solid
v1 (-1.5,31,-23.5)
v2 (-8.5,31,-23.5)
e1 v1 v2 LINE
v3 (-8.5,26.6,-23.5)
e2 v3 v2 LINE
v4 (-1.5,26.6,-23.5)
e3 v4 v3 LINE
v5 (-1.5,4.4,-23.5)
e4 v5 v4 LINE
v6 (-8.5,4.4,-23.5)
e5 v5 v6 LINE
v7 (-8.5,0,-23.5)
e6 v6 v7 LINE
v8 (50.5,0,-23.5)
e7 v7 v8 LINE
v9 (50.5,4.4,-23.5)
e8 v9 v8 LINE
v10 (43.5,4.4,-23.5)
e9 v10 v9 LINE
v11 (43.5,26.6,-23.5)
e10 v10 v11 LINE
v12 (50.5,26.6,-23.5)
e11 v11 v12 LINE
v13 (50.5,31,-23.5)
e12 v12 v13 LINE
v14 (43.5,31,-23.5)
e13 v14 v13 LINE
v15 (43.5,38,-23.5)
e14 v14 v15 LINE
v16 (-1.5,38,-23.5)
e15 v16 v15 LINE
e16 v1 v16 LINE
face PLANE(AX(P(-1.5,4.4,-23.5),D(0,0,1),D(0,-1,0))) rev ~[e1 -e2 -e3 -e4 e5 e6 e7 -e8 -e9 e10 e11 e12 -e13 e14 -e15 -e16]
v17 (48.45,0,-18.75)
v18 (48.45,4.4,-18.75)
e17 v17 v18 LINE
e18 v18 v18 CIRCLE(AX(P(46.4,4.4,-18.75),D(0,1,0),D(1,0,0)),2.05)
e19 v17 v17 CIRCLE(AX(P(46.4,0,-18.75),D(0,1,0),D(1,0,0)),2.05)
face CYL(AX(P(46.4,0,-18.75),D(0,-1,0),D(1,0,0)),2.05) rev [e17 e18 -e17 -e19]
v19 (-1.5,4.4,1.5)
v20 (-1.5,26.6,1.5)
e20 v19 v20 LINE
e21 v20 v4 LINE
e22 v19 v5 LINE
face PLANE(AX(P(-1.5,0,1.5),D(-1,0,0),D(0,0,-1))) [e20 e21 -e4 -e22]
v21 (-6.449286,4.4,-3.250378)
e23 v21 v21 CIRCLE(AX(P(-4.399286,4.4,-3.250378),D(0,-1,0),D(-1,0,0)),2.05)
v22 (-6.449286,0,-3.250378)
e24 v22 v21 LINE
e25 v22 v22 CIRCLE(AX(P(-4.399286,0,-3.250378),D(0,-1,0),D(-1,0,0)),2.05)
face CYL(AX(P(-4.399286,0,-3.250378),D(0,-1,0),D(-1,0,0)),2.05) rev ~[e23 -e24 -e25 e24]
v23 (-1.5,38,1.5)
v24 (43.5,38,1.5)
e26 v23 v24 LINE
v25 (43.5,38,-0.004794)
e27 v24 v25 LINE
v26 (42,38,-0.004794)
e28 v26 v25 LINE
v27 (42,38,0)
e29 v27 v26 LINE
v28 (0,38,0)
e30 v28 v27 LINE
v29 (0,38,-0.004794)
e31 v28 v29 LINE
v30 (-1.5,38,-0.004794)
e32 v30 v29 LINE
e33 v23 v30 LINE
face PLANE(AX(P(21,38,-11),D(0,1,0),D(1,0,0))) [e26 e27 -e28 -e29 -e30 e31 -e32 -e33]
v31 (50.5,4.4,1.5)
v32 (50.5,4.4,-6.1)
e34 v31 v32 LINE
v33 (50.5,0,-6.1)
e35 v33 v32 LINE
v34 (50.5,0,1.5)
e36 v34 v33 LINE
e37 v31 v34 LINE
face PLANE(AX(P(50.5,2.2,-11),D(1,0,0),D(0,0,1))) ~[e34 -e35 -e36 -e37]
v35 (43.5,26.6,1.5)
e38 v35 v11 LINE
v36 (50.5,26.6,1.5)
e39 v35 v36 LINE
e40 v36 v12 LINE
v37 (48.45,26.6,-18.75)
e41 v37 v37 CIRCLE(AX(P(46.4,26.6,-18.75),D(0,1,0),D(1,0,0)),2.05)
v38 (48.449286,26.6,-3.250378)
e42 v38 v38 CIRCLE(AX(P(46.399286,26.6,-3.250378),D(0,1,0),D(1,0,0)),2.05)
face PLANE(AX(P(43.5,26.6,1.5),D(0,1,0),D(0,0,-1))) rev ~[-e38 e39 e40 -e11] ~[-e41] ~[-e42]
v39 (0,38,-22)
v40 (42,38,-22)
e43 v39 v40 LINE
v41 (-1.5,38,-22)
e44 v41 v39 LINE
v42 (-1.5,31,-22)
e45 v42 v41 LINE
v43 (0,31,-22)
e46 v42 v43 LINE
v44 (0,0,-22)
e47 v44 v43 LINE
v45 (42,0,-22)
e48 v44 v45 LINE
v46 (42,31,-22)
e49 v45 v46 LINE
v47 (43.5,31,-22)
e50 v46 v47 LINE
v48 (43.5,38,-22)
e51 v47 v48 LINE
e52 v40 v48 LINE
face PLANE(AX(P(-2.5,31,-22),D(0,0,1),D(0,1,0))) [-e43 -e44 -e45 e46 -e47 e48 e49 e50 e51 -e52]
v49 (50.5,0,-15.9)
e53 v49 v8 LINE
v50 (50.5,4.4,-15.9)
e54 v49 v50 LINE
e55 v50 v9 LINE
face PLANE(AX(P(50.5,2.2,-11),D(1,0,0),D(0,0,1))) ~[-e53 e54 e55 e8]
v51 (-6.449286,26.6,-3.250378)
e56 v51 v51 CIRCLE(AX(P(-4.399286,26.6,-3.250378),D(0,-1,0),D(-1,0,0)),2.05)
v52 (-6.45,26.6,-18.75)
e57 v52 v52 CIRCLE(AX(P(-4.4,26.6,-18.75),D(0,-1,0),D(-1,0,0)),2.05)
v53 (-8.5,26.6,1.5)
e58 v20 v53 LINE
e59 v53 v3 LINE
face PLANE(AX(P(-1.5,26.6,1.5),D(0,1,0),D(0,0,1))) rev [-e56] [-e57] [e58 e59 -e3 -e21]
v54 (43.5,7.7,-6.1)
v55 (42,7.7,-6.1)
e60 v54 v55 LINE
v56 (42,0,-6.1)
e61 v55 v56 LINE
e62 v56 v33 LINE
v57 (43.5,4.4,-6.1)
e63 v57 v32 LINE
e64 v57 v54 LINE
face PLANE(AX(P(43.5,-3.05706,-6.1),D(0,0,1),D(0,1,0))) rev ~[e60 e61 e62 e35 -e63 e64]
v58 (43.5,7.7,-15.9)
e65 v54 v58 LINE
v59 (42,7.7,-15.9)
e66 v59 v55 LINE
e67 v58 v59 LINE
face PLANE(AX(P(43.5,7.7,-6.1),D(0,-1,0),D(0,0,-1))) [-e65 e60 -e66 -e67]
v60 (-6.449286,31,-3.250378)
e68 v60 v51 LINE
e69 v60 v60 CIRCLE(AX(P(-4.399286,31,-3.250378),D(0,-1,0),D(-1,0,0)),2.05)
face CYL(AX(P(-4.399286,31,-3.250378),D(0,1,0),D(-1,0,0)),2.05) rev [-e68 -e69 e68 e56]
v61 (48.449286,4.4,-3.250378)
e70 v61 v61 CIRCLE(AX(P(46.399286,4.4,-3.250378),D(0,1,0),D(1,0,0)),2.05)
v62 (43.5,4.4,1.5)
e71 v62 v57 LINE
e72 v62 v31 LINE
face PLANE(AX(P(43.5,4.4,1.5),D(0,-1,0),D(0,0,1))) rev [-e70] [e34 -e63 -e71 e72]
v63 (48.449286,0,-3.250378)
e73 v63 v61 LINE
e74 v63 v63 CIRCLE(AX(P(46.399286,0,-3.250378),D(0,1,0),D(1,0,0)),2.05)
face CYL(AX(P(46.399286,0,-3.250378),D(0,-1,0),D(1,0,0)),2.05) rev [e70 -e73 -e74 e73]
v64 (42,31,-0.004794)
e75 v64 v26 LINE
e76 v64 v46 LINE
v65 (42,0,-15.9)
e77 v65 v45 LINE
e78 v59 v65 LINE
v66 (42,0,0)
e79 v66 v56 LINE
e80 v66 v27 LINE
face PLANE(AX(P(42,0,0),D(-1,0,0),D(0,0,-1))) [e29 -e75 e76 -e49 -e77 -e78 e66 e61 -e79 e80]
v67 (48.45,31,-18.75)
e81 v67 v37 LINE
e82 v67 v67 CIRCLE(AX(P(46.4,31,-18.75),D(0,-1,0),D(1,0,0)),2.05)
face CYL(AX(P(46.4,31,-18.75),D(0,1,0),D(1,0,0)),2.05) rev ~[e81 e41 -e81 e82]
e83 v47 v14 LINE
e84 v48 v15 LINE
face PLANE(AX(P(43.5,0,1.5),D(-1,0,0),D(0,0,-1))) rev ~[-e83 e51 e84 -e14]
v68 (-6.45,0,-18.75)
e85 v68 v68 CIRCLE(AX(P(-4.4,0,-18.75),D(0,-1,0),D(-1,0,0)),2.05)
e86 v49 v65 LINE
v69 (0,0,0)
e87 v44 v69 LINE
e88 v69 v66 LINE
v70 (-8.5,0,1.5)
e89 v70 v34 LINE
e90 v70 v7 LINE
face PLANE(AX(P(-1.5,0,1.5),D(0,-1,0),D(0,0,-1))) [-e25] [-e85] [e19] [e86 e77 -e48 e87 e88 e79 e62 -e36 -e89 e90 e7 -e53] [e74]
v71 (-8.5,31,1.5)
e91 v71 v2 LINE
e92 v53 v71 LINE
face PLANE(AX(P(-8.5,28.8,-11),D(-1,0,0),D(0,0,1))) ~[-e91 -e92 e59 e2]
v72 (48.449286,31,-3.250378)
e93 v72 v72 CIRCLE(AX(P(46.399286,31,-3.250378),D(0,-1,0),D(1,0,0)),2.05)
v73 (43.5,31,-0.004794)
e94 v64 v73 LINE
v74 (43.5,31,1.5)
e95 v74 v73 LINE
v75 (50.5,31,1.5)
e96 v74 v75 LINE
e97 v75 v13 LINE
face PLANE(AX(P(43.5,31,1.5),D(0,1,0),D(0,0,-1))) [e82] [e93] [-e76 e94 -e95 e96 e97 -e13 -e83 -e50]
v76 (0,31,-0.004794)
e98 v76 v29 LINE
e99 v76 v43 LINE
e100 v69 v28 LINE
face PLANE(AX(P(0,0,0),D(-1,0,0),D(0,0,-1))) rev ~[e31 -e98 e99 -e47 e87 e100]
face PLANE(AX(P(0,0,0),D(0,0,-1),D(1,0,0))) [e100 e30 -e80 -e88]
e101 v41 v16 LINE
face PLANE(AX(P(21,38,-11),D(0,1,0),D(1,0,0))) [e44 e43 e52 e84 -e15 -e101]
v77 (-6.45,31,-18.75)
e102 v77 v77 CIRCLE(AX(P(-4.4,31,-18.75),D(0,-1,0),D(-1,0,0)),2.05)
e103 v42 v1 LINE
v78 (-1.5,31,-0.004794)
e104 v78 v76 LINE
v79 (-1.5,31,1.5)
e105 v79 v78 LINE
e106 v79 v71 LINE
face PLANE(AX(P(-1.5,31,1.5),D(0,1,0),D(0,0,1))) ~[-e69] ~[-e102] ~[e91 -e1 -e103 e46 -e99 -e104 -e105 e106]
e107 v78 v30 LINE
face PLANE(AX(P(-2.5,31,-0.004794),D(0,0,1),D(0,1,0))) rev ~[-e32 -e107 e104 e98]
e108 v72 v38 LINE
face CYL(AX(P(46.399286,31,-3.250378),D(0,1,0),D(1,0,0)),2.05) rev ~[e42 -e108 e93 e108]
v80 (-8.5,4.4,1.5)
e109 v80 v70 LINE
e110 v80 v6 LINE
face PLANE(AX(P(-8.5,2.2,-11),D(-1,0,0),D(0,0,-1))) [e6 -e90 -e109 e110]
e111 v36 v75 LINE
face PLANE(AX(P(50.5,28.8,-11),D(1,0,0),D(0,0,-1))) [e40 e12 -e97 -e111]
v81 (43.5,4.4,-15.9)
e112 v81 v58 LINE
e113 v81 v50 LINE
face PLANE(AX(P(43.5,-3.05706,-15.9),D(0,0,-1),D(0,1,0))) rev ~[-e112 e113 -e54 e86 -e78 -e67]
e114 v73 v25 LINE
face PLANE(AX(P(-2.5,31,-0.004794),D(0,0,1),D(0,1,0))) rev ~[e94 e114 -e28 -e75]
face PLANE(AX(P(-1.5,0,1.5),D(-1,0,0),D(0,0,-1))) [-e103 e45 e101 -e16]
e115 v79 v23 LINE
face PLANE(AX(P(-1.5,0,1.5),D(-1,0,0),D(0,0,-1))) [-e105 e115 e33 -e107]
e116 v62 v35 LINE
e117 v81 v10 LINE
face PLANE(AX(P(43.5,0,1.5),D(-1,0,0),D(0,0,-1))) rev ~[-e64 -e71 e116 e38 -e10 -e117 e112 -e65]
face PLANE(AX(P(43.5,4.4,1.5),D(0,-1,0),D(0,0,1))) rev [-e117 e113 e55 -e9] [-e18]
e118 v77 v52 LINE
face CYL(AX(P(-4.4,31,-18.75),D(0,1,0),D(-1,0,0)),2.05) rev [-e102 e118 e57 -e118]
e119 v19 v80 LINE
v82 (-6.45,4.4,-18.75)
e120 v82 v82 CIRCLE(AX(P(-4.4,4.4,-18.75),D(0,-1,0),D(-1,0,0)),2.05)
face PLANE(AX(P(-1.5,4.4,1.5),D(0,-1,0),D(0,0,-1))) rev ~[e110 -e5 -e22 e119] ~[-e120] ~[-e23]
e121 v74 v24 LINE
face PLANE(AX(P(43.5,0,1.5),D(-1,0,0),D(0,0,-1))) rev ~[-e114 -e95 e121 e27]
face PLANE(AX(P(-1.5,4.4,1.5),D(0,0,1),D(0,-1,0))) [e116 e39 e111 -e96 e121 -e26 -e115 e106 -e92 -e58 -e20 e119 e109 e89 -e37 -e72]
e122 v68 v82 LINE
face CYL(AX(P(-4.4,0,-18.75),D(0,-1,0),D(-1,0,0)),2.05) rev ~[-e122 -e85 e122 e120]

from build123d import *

# Parameters (mm, degrees)
SKETCH1_W               = 45
SKETCH1_H               = 25
SKETCH1_W_2             = 42
SKETCH1_H_2             = 22
BOSS_EXTRUDE1_DEPTH     = 38
CUT_EXTRUDE2_START      = -46
SKETCH3_W               = 21.995206391
SKETCH3_H               = 7
CUT_EXTRUDE2_DEPTH      = 47
SKETCH4_W               = 25
SKETCH4_H               = 4.4
BOSS_EXTRUDE3_DEPTH     = 7
SKETCH8_R               = 2.05
CUT_EXTRUDE5_DEPTH      = 4.4
SKETCH6_W               = 9.8
SKETCH6_H               = 10.757060019
CUT_EXTRUDE4_DEPTH      = 8
CUT_EXTRUDE4_DEPTH_BACK = 7
MIRROR2_START           = -46
MIRROR2_COPY_1_SKETCH_W = 21.995206391
MIRROR2_COPY_1_SKETCH_H = 7
MIRROR2_COPY_1_DEPTH    = 47
MIRROR2_COPY_2_SKETCH_W = 25
MIRROR2_COPY_2_SKETCH_H = 4.4
MIRROR2_COPY_2_DEPTH    = 7
MIRROR2_COPY_3_SKETCH_R = 2.05
MIRROR2_COPY_3_DEPTH    = 4.4
SKETCH6_2_W             = 9.8
SKETCH6_2_H             = 10.757060019
CUT_EXTRUDE6_DEPTH      = 15


with BuildPart() as part:
    # Sketch1 → Boss-Extrude1 (new body)
    with BuildSketch(Plane(origin=(0, 0, 0), x_dir=(1, 0, 0), z_dir=(0, 1, 0))):
        with Locations((21, 11)):
            Rectangle(SKETCH1_W, SKETCH1_H)
        with Locations((21, 11)):
            Rectangle(SKETCH1_W_2, SKETCH1_H_2, mode=Mode.SUBTRACT)
    extrude(amount=BOSS_EXTRUDE1_DEPTH)

    # Sketch3 → Cut-Extrude2 (cut)
    with BuildSketch(Plane(origin=(43.5, 0, 0), x_dir=(0, 0, -1), z_dir=(1, 0, 0)).offset(CUT_EXTRUDE2_START)):
        with Locations((11.002396805, 34.5)):
            Rectangle(SKETCH3_W, SKETCH3_H)
    cut_extrude2 = extrude(amount=CUT_EXTRUDE2_DEPTH, mode=Mode.SUBTRACT)

    # Sketch4 → Boss-Extrude3 (add)
    with BuildSketch(Plane(origin=(43.5, 0, 0), x_dir=(0, 0, -1), z_dir=(1, 0, 0))):
        with Locations((11, 28.8)):
            Rectangle(SKETCH4_W, SKETCH4_H)
    boss_extrude3 = extrude(amount=BOSS_EXTRUDE3_DEPTH)

    # Sketch8 → Cut-Extrude5 (cut)
    with BuildSketch(Plane(origin=(0, 31, 0), x_dir=(1, 0, 0), z_dir=(0, 1, 0))):
        with Locations((46.4, 18.75)):
            Circle(SKETCH8_R)
        with Locations((46.399285585, 3.250377991)):
            Circle(SKETCH8_R)
    cut_extrude5 = extrude(amount=-CUT_EXTRUDE5_DEPTH, mode=Mode.SUBTRACT)

    # Mirror1: Cut-Extrude2, Boss-Extrude3, Cut-Extrude5 across plane
    add(cut_extrude2.mirror(Plane(origin=(21, 0, 0), x_dir=(0, 0, 1), z_dir=(1, 0, 0))), mode=Mode.SUBTRACT)
    add(boss_extrude3.mirror(Plane(origin=(21, 0, 0), x_dir=(0, 0, 1), z_dir=(1, 0, 0))))
    add(cut_extrude5.mirror(Plane(origin=(21, 0, 0), x_dir=(0, 0, 1), z_dir=(1, 0, 0))), mode=Mode.SUBTRACT)

    # Sketch6 → Cut-Extrude4 (cut, two sides)
    with BuildSketch(Plane(origin=(43.5, 0, 0), x_dir=(0, 0, -1), z_dir=(1, 0, 0))) as cut_extrude4_sk:
        with Locations((11, 2.32146999)):
            Rectangle(SKETCH6_W, SKETCH6_H)
    extrude(amount=CUT_EXTRUDE4_DEPTH, mode=Mode.SUBTRACT)
    extrude(cut_extrude4_sk.sketch, amount=-CUT_EXTRUDE4_DEPTH_BACK, mode=Mode.SUBTRACT)

    # Mirror2: Cut-Extrude2, Boss-Extrude3, Cut-Extrude5 across plane
    add(cut_extrude2.mirror(Plane.ZX.offset(15.5)), mode=Mode.SUBTRACT)
    add(boss_extrude3.mirror(Plane.ZX.offset(15.5)))
    add(cut_extrude5.mirror(Plane.ZX.offset(15.5)), mode=Mode.SUBTRACT)

    # Mirror2 copy 1 sketch → Mirror2 copy 1 (cut)
    with BuildSketch(Plane(origin=(-1.5, 31, 0), x_dir=(0, 0, -1), z_dir=(-1, 0, 0)).offset(MIRROR2_START)):
        with Locations((11.002396805, 34.5)):
            Rectangle(MIRROR2_COPY_1_SKETCH_W, MIRROR2_COPY_1_SKETCH_H)
    extrude(amount=MIRROR2_COPY_1_DEPTH, mode=Mode.SUBTRACT)

    # Mirror2 copy 2 sketch → Mirror2 copy 2 (add)
    with BuildSketch(Plane(origin=(-1.5, 31, 0), x_dir=(0, 0, -1), z_dir=(-1, 0, 0))):
        with Locations((11, 28.8)):
            Rectangle(MIRROR2_COPY_2_SKETCH_W, MIRROR2_COPY_2_SKETCH_H)
    extrude(amount=MIRROR2_COPY_2_DEPTH)

    # Mirror2 copy 3 sketch → Mirror2 copy 3 (cut)
    with BuildSketch(Plane(origin=(42, 0, 0), x_dir=(-1, 0, 0), z_dir=(0, -1, 0))):
        with Locations((46.4, 18.75)):
            Circle(MIRROR2_COPY_3_SKETCH_R)
        with Locations((46.399285585, 3.250377991)):
            Circle(MIRROR2_COPY_3_SKETCH_R)
    extrude(amount=-MIRROR2_COPY_3_DEPTH, mode=Mode.SUBTRACT)

    # Sketch6<2> → Cut-Extrude6 (cut)
    with BuildSketch(Plane(origin=(43.5, 0, 0), x_dir=(0, 0, -1), z_dir=(1, 0, 0))):
        with Locations((11, 2.32146999)):
            Rectangle(SKETCH6_2_W, SKETCH6_2_H)
    extrude(amount=CUT_EXTRUDE6_DEPTH, mode=Mode.SUBTRACT)


solid = part.part
